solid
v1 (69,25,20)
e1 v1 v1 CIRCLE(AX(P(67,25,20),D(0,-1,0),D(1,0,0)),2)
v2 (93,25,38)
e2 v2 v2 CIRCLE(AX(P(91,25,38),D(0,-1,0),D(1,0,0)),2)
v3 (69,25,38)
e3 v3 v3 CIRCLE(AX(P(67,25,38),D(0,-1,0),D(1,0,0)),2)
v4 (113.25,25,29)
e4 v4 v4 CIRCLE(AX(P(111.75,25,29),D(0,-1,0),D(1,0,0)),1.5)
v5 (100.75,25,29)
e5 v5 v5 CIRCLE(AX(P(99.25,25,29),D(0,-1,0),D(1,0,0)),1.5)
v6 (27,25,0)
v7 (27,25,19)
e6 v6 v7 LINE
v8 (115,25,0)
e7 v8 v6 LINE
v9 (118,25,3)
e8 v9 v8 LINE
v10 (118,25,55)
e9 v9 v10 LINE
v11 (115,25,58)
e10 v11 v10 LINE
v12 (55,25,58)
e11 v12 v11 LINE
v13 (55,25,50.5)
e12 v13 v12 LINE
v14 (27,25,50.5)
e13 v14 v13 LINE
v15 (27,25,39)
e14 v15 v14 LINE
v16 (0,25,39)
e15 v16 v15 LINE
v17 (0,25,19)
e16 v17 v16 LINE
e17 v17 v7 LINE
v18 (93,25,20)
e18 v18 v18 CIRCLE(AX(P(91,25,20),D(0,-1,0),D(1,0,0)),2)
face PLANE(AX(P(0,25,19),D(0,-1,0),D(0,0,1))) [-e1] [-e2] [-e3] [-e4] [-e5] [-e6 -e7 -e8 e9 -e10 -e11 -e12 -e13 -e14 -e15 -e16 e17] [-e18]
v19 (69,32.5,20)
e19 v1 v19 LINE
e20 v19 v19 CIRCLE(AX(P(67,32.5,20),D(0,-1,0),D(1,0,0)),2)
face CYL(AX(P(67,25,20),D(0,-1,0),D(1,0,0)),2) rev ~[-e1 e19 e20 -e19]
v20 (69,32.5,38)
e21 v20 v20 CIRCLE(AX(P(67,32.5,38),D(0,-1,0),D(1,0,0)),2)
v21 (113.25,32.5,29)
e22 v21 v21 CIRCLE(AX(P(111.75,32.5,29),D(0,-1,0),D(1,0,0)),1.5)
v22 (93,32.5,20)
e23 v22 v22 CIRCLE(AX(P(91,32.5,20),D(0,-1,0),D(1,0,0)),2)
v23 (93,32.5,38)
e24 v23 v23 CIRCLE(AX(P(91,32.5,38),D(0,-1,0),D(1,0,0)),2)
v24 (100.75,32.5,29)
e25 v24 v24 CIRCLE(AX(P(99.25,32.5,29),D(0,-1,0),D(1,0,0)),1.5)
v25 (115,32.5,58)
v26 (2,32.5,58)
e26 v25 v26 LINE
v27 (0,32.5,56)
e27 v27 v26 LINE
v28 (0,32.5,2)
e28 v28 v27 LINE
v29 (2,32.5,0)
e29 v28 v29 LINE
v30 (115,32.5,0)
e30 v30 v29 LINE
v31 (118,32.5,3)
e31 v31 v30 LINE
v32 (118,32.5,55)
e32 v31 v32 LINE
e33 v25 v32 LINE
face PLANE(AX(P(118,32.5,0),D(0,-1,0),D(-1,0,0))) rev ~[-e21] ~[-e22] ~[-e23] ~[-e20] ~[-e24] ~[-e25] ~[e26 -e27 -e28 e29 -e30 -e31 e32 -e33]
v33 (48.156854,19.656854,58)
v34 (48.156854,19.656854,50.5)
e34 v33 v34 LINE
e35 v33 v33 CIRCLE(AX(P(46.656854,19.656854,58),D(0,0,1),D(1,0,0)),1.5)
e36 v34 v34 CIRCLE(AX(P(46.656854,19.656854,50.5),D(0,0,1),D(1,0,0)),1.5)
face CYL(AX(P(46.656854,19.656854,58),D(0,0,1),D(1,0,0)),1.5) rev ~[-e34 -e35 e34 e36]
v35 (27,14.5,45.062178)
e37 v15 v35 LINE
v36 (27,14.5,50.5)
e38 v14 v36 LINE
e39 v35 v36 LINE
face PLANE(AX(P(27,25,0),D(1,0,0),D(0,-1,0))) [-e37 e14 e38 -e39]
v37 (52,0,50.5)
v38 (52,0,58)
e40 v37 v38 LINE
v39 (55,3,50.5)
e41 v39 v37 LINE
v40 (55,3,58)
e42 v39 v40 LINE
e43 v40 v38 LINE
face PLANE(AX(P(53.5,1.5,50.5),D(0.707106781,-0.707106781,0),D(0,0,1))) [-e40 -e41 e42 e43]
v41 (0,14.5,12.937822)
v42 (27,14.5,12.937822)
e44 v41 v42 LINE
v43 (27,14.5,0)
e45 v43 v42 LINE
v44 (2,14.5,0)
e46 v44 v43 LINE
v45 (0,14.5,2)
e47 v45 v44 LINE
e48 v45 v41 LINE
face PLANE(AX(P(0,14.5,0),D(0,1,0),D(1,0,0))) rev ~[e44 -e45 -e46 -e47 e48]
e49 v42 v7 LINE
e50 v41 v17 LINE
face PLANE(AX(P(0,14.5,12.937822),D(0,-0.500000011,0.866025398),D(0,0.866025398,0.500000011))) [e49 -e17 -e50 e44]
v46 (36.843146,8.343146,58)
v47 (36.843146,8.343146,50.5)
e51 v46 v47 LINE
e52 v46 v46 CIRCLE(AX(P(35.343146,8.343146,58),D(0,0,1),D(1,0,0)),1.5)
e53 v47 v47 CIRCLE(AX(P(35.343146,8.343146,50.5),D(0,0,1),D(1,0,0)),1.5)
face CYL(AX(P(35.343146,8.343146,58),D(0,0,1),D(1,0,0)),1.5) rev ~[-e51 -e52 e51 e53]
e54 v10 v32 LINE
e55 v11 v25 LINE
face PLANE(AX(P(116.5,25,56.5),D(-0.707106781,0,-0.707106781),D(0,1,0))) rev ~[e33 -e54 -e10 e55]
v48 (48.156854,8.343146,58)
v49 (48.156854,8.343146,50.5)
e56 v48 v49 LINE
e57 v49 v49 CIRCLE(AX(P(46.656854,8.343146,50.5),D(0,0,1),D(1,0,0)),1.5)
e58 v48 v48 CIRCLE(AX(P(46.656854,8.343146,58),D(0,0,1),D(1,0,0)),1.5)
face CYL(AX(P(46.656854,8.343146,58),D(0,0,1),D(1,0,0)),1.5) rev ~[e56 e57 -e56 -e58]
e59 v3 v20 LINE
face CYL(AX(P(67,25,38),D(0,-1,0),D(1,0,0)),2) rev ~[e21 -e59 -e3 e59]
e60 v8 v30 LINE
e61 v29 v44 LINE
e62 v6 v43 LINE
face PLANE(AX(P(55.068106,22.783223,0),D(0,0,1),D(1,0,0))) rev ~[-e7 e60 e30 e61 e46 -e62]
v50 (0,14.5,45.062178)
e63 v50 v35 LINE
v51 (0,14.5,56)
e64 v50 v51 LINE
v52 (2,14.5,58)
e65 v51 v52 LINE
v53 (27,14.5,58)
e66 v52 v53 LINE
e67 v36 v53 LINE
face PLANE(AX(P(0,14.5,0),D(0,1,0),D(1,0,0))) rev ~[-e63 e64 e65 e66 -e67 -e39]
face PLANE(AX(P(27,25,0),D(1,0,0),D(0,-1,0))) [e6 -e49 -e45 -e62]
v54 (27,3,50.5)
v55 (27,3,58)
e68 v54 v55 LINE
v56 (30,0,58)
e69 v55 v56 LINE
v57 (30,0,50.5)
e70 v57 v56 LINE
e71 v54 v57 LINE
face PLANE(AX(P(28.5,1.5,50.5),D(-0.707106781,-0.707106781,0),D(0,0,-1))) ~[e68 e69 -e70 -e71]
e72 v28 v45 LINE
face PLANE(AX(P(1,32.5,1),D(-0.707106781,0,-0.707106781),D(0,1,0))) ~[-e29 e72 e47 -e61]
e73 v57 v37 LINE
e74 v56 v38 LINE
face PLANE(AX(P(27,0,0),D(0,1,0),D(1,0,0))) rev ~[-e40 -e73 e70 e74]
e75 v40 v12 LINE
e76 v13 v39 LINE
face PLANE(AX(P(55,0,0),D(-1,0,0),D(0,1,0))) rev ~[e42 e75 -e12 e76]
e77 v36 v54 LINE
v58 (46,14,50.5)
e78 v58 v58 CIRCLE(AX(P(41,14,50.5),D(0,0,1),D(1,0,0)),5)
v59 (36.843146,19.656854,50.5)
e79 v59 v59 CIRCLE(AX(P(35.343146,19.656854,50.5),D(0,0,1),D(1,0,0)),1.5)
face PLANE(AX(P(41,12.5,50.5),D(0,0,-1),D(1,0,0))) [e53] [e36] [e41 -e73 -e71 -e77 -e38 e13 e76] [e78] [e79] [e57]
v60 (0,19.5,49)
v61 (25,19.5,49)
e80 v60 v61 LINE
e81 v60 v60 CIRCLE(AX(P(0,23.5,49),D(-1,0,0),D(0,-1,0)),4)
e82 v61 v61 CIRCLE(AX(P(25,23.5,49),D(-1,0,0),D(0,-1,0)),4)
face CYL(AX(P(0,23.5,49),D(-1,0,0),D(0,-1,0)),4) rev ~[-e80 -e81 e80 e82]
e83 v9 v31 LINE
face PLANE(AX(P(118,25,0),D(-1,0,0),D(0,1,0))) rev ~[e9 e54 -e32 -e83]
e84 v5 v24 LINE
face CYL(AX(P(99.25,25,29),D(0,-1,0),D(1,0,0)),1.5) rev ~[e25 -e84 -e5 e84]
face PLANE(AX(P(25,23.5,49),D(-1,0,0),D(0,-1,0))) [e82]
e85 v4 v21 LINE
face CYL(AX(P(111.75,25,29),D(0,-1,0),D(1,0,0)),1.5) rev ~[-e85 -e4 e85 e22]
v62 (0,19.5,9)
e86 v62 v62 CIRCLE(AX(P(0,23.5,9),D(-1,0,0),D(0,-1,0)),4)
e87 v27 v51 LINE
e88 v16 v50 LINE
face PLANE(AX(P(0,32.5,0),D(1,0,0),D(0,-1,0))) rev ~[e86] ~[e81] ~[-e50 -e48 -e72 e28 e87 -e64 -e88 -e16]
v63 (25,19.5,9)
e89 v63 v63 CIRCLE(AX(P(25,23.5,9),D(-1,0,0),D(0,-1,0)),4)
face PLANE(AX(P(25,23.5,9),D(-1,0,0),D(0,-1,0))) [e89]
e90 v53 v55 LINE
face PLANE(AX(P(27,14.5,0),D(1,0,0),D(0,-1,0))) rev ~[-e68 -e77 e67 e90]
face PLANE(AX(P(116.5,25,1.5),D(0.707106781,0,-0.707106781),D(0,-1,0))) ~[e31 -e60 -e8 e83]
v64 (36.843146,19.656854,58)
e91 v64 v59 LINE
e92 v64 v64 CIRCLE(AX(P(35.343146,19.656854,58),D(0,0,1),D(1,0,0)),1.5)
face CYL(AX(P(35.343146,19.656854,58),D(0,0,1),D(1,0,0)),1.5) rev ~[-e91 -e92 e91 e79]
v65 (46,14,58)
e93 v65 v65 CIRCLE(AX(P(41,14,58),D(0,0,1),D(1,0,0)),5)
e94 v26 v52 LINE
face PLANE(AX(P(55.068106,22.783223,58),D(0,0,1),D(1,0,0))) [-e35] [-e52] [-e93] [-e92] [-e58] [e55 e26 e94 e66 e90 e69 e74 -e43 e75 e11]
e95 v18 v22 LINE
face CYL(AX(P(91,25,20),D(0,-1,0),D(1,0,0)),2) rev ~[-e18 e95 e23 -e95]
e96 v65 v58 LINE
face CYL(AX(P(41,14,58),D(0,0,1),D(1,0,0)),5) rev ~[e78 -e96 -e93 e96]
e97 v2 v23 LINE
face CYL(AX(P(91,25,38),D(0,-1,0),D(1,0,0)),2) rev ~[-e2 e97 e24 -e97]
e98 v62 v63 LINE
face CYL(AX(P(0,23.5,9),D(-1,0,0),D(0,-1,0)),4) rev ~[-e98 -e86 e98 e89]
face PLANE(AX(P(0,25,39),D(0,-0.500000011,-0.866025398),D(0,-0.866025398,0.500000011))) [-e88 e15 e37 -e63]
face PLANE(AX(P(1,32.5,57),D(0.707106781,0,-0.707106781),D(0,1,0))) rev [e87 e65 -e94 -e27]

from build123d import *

# Parameters (mm, degrees)
PAD_DEPTH       = 58
SKETCH001_R     = 4
POCKET_DEPTH    = 25
SKETCH002_W     = 28
SKETCH002_H     = 25
POCKET001_DEPTH = 50.5
SKETCH003_R     = 5
SKETCH003_R_2   = 1.5
POCKET002_DEPTH = 58.001
POCKET003_DEPTH = 27
SKETCH005_R     = 2
SKETCH005_R_2   = 1.5
POCKET004_DEPTH = 7.501
CHAMFER_SIZE    = 2
CHAMFER001_SIZE = 3
CHAMFER002_SIZE = 3


with BuildPart() as part:
    # Sketch → Pad (new body)
    with BuildSketch(Plane.XY):
        Polygon((0, 32.5), (0, 14.5), (27, 14.5), (27, 0), (55, 0), (55, 25), (118, 25), (118, 32.5), align=None)
    extrude(amount=PAD_DEPTH)

    # Sketch001 (on Face1 of Pad) → Pocket (cut)
    with BuildSketch(Plane(origin=(0, 0, 0), x_dir=(0, -1, 0), z_dir=(-1, 0, 0))):
        with Locations((-23.5, 49)):
            Circle(SKETCH001_R)
        with Locations((-23.5, 9)):
            Circle(SKETCH001_R)
    extrude(amount=-POCKET_DEPTH, mode=Mode.SUBTRACT)

    # Sketch002 (on Face3 of Pocket) → Pocket001 (cut)
    with BuildSketch(Plane(origin=(0, 0, 0), x_dir=(1, 0, 0), z_dir=(0, 0, -1))):
        with Locations((41, -12.5)):
            Rectangle(SKETCH002_W, SKETCH002_H)
    extrude(amount=-POCKET001_DEPTH, mode=Mode.SUBTRACT)

    # Sketch003 (on Face4 of Pocket001) → Pocket002 (cut, through all)
    with BuildSketch(Plane.XY.offset(58)):
        with Locations((41, 14)):
            Circle(SKETCH003_R)
        with Locations((35.343146, 19.656854)):
            Circle(SKETCH003_R_2)
        with Locations((46.656854, 19.656854)):
            Circle(SKETCH003_R_2)
        with Locations((46.656854, 8.343146)):
            Circle(SKETCH003_R_2)
        with Locations((35.343146, 8.343146)):
            Circle(SKETCH003_R_2)
    extrude(amount=-POCKET002_DEPTH, mode=Mode.SUBTRACT)

    # Sketch004 (on Face1 of Pocket002) → Pocket003 (cut)
    with BuildSketch(Plane(origin=(0, 0, 0), x_dir=(0, -1, 0), z_dir=(-1, 0, 0))):
        Polygon((-14.5, 45.062178), (-14.5, 12.937822), (-25, 19), (-25, 39), align=None)
    extrude(amount=-POCKET003_DEPTH, mode=Mode.SUBTRACT)

    # Sketch005 (on Face13 of Pocket003) → Pocket004 (cut, through all)
    with BuildSketch(Plane.XZ.offset(-25)):
        with Locations((67, 38)):
            Circle(SKETCH005_R)
        with Locations((91, 38)):
            Circle(SKETCH005_R)
        with Locations((91, 20)):
            Circle(SKETCH005_R)
        with Locations((67, 20)):
            Circle(SKETCH005_R)
        with Locations((99.25, 29)):
            Circle(SKETCH005_R_2)
        with Locations((111.75, 29)):
            Circle(SKETCH005_R_2)
    extrude(amount=-POCKET004_DEPTH, mode=Mode.SUBTRACT)

    # Chamfer
    chamfer_edges = [part.edges().sort_by_distance(p)[0] for p in [
        (0, 23.5, 58),
        (0, 23.5, 0),
    ]]
    chamfer(chamfer_edges, length=CHAMFER_SIZE)

    # Chamfer001
    chamfer001_edges = [part.edges().sort_by_distance(p)[0] for p in [
        (27, 0, 54.25),
        (55, 0, 54.25),
    ]]
    chamfer(chamfer001_edges, length=CHAMFER001_SIZE)

    # Chamfer002
    chamfer002_edges = [part.edges().sort_by_distance(p)[0] for p in [
        (118, 28.75, 0),
        (118, 28.75, 58),
    ]]
    chamfer(chamfer002_edges, length=CHAMFER002_SIZE)


solid = part.part
